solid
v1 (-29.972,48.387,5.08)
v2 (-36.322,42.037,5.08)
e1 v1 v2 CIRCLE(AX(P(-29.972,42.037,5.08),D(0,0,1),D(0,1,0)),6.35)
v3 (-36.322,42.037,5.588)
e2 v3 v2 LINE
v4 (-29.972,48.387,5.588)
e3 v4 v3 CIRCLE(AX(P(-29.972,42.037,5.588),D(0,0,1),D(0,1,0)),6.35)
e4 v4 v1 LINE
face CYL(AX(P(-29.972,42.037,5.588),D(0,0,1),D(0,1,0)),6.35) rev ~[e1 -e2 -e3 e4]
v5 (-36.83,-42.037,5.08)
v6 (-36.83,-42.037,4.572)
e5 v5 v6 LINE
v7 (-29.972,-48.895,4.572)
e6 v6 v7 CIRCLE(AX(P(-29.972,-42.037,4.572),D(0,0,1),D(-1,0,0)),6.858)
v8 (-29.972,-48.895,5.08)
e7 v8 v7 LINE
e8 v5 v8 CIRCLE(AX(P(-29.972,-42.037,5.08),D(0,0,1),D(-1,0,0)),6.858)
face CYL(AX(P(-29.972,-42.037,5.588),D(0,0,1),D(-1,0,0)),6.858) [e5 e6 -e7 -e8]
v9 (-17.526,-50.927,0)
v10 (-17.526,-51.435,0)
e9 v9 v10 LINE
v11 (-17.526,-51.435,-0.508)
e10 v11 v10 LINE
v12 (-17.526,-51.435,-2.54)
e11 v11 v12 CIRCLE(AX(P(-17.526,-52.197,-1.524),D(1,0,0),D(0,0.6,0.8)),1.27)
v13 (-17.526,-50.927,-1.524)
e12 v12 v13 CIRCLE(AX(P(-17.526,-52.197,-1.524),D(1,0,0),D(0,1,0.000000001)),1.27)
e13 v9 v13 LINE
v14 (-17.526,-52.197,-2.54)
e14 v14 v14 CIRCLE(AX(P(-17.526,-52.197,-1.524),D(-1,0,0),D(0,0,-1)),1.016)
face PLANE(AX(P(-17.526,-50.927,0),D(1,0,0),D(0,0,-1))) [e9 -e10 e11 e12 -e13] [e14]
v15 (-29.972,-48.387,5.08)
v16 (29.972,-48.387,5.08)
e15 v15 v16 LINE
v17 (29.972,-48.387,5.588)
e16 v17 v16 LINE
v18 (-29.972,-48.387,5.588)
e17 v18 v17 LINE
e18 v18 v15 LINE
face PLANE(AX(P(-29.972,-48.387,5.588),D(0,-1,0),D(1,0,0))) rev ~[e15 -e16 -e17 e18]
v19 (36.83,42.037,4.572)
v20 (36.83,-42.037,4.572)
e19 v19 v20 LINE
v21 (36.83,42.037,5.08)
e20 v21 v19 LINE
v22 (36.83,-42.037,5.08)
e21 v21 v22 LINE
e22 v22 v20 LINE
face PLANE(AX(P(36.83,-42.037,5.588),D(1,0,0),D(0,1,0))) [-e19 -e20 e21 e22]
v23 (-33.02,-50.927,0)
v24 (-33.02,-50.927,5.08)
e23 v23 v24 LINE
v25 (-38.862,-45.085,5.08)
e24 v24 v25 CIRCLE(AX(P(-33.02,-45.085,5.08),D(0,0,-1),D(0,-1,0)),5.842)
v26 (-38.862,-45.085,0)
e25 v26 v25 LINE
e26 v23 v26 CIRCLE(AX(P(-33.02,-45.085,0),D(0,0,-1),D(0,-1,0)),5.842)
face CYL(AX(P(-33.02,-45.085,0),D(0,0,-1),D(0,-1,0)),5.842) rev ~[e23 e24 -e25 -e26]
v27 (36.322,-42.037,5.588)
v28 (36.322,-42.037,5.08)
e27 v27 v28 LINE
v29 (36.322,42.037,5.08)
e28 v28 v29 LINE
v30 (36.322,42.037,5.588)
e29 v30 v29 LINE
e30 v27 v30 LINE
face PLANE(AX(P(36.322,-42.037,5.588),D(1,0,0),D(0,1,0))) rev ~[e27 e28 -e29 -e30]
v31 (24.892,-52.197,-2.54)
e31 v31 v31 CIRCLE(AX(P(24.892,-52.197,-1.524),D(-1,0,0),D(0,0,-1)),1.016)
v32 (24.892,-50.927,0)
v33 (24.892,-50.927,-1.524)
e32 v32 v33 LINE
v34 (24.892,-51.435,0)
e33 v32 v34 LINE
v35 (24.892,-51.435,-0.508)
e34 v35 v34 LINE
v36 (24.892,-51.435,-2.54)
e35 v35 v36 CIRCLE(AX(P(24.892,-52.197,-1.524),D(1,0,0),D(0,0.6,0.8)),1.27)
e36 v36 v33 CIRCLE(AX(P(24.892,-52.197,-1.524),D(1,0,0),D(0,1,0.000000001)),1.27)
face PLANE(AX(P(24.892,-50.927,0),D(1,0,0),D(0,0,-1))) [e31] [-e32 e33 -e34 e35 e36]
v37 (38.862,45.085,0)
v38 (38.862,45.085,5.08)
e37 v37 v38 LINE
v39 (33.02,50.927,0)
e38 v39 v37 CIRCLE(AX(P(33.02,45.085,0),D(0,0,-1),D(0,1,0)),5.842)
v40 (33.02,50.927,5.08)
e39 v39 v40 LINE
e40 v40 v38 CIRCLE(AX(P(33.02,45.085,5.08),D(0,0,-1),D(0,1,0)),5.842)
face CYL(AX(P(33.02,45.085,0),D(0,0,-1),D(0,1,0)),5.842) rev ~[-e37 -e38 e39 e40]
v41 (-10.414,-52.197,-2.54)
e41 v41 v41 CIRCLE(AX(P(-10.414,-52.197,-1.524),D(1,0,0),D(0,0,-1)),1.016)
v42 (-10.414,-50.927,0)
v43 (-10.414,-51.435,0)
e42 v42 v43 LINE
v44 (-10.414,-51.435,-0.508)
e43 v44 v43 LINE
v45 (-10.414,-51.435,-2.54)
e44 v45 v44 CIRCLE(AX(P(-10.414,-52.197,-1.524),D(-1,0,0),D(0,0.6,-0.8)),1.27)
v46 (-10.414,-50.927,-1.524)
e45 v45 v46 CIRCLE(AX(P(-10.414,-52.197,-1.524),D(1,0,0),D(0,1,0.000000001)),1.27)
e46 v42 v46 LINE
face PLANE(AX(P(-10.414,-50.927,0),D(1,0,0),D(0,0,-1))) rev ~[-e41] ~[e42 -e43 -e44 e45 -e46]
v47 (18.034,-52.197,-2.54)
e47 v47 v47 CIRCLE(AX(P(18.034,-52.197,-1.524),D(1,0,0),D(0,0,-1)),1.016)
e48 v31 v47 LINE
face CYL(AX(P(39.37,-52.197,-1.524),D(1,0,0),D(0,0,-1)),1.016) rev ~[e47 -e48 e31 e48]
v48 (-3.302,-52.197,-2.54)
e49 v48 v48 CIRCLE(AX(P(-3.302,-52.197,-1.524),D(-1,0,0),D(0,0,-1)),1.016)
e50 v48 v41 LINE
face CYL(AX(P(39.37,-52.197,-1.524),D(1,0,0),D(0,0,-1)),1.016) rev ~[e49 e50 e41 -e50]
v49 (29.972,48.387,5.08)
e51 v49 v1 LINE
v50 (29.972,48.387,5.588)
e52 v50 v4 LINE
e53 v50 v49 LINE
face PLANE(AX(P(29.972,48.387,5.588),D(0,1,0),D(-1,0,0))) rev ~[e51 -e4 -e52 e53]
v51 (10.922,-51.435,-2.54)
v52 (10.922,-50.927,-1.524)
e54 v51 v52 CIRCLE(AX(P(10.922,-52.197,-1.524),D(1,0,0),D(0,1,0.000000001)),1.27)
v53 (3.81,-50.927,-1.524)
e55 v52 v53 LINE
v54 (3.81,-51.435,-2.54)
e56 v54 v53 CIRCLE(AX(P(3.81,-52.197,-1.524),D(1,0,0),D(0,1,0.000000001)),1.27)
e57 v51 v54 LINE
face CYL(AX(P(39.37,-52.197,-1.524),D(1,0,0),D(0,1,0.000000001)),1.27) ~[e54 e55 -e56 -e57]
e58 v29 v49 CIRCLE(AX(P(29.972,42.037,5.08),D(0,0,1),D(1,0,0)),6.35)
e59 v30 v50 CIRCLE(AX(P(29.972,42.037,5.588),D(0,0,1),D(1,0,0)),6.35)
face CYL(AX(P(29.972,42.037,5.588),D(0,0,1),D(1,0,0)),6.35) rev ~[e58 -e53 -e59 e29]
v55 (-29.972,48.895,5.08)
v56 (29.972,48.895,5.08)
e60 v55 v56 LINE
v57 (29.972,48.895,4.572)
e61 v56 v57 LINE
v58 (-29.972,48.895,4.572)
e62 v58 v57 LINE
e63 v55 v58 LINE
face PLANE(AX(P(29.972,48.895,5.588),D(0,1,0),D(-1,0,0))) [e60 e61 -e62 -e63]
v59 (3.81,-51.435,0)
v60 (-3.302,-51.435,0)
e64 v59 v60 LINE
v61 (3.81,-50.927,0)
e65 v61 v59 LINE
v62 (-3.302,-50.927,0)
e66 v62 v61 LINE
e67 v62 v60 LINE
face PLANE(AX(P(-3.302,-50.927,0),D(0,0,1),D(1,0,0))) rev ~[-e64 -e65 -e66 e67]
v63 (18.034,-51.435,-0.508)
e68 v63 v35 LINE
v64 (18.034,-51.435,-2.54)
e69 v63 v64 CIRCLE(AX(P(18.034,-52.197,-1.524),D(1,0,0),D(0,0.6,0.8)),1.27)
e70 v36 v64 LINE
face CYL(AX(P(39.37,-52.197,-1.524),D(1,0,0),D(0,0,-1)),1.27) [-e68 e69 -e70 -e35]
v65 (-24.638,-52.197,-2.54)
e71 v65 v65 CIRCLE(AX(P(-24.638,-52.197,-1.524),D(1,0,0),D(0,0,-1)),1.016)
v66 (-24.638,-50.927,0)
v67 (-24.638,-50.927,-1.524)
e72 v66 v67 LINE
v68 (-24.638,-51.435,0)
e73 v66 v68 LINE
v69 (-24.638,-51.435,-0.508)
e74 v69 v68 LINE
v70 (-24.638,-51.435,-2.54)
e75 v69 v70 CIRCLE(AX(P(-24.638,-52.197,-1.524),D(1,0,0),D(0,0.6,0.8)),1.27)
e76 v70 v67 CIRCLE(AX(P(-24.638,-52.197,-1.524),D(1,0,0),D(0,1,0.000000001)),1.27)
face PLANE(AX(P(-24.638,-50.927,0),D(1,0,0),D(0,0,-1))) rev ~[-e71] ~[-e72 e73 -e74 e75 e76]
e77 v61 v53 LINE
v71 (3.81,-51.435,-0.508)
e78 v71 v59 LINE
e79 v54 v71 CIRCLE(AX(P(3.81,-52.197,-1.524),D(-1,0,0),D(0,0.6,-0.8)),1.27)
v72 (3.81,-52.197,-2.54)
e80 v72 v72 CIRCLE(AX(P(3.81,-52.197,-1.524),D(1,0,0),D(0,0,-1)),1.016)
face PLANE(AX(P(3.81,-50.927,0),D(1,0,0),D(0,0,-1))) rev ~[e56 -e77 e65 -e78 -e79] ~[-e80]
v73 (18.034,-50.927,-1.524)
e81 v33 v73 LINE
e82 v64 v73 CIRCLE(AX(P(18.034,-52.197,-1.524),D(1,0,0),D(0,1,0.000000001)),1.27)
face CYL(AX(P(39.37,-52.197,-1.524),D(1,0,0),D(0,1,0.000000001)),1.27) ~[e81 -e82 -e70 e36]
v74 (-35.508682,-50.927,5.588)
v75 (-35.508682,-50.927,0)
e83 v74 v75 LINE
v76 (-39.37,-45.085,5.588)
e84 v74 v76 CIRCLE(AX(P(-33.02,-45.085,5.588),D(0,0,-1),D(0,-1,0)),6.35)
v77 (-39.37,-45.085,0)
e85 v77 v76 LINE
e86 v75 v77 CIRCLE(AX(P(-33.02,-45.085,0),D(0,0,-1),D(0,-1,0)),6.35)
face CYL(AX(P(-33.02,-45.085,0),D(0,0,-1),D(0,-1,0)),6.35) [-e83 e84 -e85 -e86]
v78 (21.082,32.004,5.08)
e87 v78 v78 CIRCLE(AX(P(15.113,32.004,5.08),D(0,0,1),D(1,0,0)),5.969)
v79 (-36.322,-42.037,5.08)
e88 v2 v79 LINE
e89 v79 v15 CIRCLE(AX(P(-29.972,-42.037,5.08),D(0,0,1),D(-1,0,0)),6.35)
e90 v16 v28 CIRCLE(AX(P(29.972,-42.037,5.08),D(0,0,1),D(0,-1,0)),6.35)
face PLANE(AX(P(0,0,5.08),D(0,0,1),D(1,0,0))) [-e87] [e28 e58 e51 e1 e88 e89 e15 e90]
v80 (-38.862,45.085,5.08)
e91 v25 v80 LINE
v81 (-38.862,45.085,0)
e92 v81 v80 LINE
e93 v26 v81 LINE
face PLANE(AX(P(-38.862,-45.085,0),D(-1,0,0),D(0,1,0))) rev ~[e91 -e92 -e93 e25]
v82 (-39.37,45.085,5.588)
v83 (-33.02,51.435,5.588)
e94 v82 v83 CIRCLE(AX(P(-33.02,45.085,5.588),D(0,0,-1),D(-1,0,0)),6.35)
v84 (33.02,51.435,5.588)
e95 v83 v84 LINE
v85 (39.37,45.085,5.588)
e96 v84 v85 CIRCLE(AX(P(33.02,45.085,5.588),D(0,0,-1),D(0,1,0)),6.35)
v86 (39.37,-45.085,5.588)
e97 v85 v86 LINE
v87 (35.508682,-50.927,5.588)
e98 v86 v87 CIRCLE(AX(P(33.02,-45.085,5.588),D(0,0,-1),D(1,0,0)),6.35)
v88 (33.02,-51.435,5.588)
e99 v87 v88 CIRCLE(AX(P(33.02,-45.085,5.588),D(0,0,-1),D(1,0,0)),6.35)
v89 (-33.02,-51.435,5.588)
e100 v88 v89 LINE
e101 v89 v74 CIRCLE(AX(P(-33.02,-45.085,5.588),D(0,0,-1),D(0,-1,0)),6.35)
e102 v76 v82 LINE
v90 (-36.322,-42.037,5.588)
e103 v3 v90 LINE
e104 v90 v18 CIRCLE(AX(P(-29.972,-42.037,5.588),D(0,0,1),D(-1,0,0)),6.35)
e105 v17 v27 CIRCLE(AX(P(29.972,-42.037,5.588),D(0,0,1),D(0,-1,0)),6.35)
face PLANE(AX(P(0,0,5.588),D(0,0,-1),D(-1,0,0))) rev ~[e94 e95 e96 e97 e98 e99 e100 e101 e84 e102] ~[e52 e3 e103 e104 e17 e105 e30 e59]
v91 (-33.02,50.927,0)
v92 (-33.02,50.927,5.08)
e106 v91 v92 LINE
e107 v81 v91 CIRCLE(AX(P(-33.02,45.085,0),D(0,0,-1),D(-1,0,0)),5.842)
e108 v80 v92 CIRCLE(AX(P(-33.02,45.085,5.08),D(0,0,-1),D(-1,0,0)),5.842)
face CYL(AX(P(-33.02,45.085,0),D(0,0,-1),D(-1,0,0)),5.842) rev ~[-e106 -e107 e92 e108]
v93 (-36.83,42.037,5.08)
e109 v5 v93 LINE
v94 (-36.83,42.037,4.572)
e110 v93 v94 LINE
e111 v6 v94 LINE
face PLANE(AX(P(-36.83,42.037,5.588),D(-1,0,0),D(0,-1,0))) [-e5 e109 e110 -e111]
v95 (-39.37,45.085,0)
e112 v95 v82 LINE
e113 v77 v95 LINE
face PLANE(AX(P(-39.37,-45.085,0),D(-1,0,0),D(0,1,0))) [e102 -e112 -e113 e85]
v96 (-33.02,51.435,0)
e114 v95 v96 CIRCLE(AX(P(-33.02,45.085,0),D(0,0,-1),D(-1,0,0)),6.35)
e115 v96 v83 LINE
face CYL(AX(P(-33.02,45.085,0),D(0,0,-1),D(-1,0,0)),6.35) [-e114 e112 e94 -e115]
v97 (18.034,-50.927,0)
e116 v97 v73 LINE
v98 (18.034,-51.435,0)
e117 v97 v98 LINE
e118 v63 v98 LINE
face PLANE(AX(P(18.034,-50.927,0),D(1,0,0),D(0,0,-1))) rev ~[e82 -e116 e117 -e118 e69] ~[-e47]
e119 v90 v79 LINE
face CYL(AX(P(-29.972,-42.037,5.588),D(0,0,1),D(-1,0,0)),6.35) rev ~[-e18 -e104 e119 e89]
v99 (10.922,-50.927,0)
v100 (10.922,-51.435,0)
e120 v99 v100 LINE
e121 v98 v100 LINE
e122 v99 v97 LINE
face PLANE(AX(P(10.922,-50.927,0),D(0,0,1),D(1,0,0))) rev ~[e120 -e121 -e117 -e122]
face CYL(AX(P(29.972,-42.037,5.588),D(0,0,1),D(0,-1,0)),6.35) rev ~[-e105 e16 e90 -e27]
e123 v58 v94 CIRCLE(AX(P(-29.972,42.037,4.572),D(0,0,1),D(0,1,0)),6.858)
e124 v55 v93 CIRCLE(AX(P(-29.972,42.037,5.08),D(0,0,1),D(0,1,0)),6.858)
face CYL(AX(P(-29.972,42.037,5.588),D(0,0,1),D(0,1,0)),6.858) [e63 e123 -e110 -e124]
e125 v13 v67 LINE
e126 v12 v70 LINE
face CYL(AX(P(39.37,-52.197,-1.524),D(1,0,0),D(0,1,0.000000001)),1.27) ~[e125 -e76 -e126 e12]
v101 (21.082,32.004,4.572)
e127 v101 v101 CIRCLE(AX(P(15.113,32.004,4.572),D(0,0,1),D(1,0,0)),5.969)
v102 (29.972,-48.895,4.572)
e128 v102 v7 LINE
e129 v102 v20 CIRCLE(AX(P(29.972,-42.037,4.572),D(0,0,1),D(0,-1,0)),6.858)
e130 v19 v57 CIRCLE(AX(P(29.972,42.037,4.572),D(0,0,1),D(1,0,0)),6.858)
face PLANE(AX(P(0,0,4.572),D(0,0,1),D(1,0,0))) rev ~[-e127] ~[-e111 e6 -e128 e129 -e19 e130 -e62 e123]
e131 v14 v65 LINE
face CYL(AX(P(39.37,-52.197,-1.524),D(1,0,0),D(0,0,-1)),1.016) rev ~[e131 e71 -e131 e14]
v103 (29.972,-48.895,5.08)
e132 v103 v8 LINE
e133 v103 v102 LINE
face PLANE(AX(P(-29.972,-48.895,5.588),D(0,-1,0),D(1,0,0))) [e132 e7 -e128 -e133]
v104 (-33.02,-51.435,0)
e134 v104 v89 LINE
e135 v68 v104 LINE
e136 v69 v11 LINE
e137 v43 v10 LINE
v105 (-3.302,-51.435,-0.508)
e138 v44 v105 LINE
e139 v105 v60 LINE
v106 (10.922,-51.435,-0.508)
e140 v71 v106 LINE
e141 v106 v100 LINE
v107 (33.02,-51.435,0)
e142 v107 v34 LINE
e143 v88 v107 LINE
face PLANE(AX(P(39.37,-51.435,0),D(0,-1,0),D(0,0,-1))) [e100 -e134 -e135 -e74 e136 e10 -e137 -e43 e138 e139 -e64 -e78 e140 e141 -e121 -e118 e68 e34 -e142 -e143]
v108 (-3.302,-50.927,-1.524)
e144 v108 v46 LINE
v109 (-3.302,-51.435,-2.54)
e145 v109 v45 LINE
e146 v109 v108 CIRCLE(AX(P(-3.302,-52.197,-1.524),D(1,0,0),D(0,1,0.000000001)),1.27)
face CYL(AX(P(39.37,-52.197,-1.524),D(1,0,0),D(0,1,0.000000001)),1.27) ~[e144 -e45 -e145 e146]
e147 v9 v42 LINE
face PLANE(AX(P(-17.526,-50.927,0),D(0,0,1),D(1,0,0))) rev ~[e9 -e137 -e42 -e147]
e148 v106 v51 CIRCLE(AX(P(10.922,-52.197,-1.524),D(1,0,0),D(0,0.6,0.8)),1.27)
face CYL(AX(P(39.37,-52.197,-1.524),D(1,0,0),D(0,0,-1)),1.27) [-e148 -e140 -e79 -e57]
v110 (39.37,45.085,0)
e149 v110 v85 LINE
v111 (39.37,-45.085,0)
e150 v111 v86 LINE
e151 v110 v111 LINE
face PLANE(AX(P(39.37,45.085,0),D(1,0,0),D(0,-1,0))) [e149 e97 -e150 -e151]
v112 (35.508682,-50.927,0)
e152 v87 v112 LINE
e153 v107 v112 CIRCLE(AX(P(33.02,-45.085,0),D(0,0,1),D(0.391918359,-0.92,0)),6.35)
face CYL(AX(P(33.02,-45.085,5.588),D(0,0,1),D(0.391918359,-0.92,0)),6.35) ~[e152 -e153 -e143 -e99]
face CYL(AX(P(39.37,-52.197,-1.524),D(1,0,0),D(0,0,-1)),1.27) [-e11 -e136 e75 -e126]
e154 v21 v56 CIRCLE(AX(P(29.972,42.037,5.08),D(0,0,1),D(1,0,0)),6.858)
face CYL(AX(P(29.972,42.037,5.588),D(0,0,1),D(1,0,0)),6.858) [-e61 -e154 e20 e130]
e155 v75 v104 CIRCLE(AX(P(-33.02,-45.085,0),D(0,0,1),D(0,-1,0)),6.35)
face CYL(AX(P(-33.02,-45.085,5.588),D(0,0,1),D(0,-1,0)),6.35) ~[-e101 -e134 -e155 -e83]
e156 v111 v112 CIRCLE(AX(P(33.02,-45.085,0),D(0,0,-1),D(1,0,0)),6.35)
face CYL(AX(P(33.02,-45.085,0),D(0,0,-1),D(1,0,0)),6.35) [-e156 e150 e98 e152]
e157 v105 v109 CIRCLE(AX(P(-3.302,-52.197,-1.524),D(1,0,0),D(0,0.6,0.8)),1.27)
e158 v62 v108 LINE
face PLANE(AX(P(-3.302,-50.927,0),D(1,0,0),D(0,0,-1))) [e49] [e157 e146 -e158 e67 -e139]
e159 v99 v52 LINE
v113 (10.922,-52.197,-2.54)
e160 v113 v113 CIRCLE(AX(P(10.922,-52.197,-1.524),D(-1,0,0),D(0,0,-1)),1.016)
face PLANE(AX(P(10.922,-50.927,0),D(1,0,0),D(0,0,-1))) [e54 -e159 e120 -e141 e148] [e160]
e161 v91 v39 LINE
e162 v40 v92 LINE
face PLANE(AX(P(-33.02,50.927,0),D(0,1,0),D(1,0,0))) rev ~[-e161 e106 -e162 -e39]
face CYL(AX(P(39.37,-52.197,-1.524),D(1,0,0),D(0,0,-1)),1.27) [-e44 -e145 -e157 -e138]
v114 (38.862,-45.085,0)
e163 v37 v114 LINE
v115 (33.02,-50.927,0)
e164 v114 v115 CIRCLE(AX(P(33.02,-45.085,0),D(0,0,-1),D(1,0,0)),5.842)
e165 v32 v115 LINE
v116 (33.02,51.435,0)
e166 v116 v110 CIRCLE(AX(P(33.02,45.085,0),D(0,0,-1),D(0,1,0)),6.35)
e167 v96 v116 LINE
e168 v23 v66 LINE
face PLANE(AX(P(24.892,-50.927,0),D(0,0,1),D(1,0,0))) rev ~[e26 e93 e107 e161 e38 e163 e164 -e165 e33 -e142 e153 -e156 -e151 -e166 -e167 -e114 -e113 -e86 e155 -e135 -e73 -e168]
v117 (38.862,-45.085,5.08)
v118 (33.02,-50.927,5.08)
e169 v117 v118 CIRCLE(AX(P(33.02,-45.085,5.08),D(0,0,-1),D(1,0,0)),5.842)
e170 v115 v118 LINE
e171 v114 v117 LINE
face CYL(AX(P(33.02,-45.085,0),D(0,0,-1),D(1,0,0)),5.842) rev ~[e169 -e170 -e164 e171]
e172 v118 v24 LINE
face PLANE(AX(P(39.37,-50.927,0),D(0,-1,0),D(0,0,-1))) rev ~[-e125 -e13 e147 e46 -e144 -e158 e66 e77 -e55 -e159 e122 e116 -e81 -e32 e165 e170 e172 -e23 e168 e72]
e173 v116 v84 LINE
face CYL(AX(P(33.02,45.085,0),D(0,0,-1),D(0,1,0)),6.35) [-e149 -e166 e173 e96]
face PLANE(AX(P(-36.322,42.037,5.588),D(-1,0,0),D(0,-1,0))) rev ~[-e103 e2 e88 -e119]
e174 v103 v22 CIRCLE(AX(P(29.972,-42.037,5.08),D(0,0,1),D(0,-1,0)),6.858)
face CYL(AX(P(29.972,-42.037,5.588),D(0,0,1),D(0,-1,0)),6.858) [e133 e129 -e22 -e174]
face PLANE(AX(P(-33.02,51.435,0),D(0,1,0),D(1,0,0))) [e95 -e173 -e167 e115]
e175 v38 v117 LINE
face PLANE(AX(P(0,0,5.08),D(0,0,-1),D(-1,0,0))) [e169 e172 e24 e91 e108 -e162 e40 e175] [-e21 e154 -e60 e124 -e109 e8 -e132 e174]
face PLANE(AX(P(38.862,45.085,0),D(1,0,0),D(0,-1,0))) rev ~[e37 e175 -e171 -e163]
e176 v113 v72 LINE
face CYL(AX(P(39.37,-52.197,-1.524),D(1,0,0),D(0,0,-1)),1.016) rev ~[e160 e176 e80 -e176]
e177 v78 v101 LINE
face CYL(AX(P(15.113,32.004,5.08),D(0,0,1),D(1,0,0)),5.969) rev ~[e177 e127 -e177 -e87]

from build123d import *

# Parameters (mm, degrees)
BOSS_EXTRUDE1_DEPTH = 5.588
CUT_EXTRUDE1_DEPTH  = 0.508
SHELL2_T            = -0.508
SKETCH3_R           = 5.969
CUT_EXTRUDE2_DEPTH  = 0.508
SKETCH5_W           = 2.54
SKETCH5_H           = 0.508
BOSS_EXTRUDE2_DEPTH = 76.708
SKETCH7_R           = 1.27
BOSS_EXTRUDE3_DEPTH = 76.708
CUT_EXTRUDE3_DEPTH  = 79.74
SKETCH9_R           = 1.016
CUT_EXTRUDE4_DEPTH  = 79.74
SKETCH10_W          = 7.112
SKETCH10_H          = 2.032
SKETCH10_W_2        = 12.7
CUT_EXTRUDE5_DEPTH  = 9.382
SKETCH11_W          = 10.616681579
SKETCH11_H          = 2.54
SKETCH11_W_2        = 10.870681579
CUT_EXTRUDE6_DEPTH  = 3.5400001
SKETCH12_W          = 7.112
SKETCH12_H          = 2.54
CUT_EXTRUDE7_DEPTH  = 3.54


with BuildPart() as part:
    # Sketch1 → Boss-Extrude1 (new body)
    with BuildSketch(Plane.XY):
        with BuildLine():
            Line((-33.02, 51.435), (33.02, 51.435))
            ThreePointArc((33.02, 51.435), (37.510128061, 49.575128061), (39.37, 45.085))
            Line((39.37, 45.085), (39.37, -45.085))
            ThreePointArc((39.37, -45.085), (37.510128061, -49.575128061), (33.02, -51.435))
            Line((33.02, -51.435), (-33.02, -51.435))
            ThreePointArc((-33.02, -51.435), (-37.510128061, -49.575128061), (-39.37, -45.085))
            Line((-39.37, -45.085), (-39.37, 45.085))
            ThreePointArc((-39.37, 45.085), (-37.510128061, 49.575128061), (-33.02, 51.435))
        make_face()
    extrude(amount=BOSS_EXTRUDE1_DEPTH)

    # Sketch2 → Cut-Extrude1 (cut)
    with BuildSketch(Plane.XY.offset(5.588)):
        with BuildLine():
            Line((-29.972, -48.387), (29.972, -48.387))
            ThreePointArc((29.972, -48.387), (34.462128061, -46.527128061), (36.322, -42.037))
            Line((36.322, -42.037), (36.322, 42.037))
            ThreePointArc((36.322, 42.037), (34.462128061, 46.527128061), (29.972, 48.387))
            Line((29.972, 48.387), (-29.972, 48.387))
            ThreePointArc((-29.972, 48.387), (-34.462128061, 46.527128061), (-36.322, 42.037))
            Line((-36.322, 42.037), (-36.322, -42.037))
            ThreePointArc((-36.322, -42.037), (-34.462128061, -46.527128061), (-29.972, -48.387))
        make_face()
    extrude(amount=-CUT_EXTRUDE1_DEPTH, mode=Mode.SUBTRACT)

    # Shell2
    shell2_openings = [part.faces().sort_by_distance(p)[0] for p in [
        (0, 0, 0),
    ]]
    offset(amount=SHELL2_T, openings=shell2_openings, kind=Kind.INTERSECTION)

    # Sketch3 → Cut-Extrude2 (cut)
    with BuildSketch(Plane.XY.offset(5.08)):
        with Locations((15.113, 32.004)):
            Circle(SKETCH3_R)
    extrude(amount=-CUT_EXTRUDE2_DEPTH, mode=Mode.SUBTRACT)

    # Sketch5 → Boss-Extrude2 (add)
    with BuildSketch(Plane(origin=(39.37, 0, 0), x_dir=(0, 0, -1), z_dir=(1, 0, 0))):
        with Locations((1.27, -51.181)):
            Rectangle(SKETCH5_W, SKETCH5_H)
    extrude(amount=-BOSS_EXTRUDE2_DEPTH)

    # Sketch7 → Boss-Extrude3 (add)
    with BuildSketch(Plane(origin=(39.37, 0, 0), x_dir=(0, 0, -1), z_dir=(1, 0, 0))):
        with Locations((1.524, -52.197)):
            Circle(SKETCH7_R)
    extrude(amount=-BOSS_EXTRUDE3_DEPTH)

    # Sketch8 → Cut-Extrude3 (cut, through all)
    with BuildSketch(Plane(origin=(39.37, 0, 0), x_dir=(0, 0, -1), z_dir=(1, 0, 0))):
        with BuildLine():
            Line((2.54, -50.927), (1.524, -50.927))
            ThreePointArc((1.524, -50.927), (2.091961266, -51.061077467), (2.54, -51.435))
            Line((2.54, -51.435), (2.54, -50.927))
        make_face()
    extrude(amount=-CUT_EXTRUDE3_DEPTH, mode=Mode.SUBTRACT)

    # Sketch9 → Cut-Extrude4 (cut, through all)
    with BuildSketch(Plane(origin=(39.37, 0, 0), x_dir=(0, 0, -1), z_dir=(1, 0, 0))):
        with Locations((1.524, -52.197)):
            Circle(SKETCH9_R)
    extrude(amount=-CUT_EXTRUDE4_DEPTH, mode=Mode.SUBTRACT)

    # Sketch10 → Cut-Extrude5 (cut, through all)
    with BuildSketch(Plane.XY.offset(5.588)):
        with Locations((-13.97, -52.451)):
            Rectangle(SKETCH10_W, SKETCH10_H)
        with Locations((0.254, -52.451)):
            Rectangle(SKETCH10_W, SKETCH10_H)
        with Locations((14.478, -52.451)):
            Rectangle(SKETCH10_W, SKETCH10_H)
        Polygon((39.37, -54.461005148), (39.37, -51.435), (33.02, -51.435), (24.892, -51.435), (24.892, -54.461005148), align=None)
        with Locations((-30.988, -52.451)):
            Rectangle(SKETCH10_W_2, SKETCH10_H)
        with BuildLine():
            Line((-35.508681579, -50.927), (-37.338, -50.927))
            Line((-37.338, -50.927), (-37.338, -51.435))
            Line((-37.338, -51.435), (-33.02, -51.435))
            ThreePointArc((-33.02, -51.435), (-34.29, -51.306703947), (-35.508681579, -50.927))
        make_face()
        with BuildLine():
            Line((39.37, -50.927), (35.508681579, -50.927))
            ThreePointArc((35.508681579, -50.927), (34.29, -51.306703947), (33.02, -51.435))
            Line((33.02, -51.435), (39.37, -51.435))
            Line((39.37, -51.435), (39.37, -50.927))
        make_face()
    extrude(amount=-CUT_EXTRUDE5_DEPTH, mode=Mode.SUBTRACT)

    # Sketch11 → Cut-Extrude6 (cut, through all)
    with BuildSketch(Plane(origin=(0, -50.927, 0), x_dir=(1, 0, 0), z_dir=(0, 1, 0))):
        with Locations((30.20034079, 1.27)):
            Rectangle(SKETCH11_W, SKETCH11_H)
        with Locations((-30.07334079, 1.27)):
            Rectangle(SKETCH11_W_2, SKETCH11_H)
    extrude(amount=-CUT_EXTRUDE6_DEPTH, mode=Mode.SUBTRACT)

    # Sketch12 → Cut-Extrude7 (cut, through all)
    with BuildSketch(Plane(origin=(0, -50.927, 0), x_dir=(1, 0, 0), z_dir=(0, 1, 0))):
        with Locations((14.478, 1.27)):
            Rectangle(SKETCH12_W, SKETCH12_H)
        with Locations((0.254, 1.27)):
            Rectangle(SKETCH12_W, SKETCH12_H)
        with Locations((-13.97, 1.27)):
            Rectangle(SKETCH12_W, SKETCH12_H)
    extrude(amount=-CUT_EXTRUDE7_DEPTH, mode=Mode.SUBTRACT)


solid = part.part
